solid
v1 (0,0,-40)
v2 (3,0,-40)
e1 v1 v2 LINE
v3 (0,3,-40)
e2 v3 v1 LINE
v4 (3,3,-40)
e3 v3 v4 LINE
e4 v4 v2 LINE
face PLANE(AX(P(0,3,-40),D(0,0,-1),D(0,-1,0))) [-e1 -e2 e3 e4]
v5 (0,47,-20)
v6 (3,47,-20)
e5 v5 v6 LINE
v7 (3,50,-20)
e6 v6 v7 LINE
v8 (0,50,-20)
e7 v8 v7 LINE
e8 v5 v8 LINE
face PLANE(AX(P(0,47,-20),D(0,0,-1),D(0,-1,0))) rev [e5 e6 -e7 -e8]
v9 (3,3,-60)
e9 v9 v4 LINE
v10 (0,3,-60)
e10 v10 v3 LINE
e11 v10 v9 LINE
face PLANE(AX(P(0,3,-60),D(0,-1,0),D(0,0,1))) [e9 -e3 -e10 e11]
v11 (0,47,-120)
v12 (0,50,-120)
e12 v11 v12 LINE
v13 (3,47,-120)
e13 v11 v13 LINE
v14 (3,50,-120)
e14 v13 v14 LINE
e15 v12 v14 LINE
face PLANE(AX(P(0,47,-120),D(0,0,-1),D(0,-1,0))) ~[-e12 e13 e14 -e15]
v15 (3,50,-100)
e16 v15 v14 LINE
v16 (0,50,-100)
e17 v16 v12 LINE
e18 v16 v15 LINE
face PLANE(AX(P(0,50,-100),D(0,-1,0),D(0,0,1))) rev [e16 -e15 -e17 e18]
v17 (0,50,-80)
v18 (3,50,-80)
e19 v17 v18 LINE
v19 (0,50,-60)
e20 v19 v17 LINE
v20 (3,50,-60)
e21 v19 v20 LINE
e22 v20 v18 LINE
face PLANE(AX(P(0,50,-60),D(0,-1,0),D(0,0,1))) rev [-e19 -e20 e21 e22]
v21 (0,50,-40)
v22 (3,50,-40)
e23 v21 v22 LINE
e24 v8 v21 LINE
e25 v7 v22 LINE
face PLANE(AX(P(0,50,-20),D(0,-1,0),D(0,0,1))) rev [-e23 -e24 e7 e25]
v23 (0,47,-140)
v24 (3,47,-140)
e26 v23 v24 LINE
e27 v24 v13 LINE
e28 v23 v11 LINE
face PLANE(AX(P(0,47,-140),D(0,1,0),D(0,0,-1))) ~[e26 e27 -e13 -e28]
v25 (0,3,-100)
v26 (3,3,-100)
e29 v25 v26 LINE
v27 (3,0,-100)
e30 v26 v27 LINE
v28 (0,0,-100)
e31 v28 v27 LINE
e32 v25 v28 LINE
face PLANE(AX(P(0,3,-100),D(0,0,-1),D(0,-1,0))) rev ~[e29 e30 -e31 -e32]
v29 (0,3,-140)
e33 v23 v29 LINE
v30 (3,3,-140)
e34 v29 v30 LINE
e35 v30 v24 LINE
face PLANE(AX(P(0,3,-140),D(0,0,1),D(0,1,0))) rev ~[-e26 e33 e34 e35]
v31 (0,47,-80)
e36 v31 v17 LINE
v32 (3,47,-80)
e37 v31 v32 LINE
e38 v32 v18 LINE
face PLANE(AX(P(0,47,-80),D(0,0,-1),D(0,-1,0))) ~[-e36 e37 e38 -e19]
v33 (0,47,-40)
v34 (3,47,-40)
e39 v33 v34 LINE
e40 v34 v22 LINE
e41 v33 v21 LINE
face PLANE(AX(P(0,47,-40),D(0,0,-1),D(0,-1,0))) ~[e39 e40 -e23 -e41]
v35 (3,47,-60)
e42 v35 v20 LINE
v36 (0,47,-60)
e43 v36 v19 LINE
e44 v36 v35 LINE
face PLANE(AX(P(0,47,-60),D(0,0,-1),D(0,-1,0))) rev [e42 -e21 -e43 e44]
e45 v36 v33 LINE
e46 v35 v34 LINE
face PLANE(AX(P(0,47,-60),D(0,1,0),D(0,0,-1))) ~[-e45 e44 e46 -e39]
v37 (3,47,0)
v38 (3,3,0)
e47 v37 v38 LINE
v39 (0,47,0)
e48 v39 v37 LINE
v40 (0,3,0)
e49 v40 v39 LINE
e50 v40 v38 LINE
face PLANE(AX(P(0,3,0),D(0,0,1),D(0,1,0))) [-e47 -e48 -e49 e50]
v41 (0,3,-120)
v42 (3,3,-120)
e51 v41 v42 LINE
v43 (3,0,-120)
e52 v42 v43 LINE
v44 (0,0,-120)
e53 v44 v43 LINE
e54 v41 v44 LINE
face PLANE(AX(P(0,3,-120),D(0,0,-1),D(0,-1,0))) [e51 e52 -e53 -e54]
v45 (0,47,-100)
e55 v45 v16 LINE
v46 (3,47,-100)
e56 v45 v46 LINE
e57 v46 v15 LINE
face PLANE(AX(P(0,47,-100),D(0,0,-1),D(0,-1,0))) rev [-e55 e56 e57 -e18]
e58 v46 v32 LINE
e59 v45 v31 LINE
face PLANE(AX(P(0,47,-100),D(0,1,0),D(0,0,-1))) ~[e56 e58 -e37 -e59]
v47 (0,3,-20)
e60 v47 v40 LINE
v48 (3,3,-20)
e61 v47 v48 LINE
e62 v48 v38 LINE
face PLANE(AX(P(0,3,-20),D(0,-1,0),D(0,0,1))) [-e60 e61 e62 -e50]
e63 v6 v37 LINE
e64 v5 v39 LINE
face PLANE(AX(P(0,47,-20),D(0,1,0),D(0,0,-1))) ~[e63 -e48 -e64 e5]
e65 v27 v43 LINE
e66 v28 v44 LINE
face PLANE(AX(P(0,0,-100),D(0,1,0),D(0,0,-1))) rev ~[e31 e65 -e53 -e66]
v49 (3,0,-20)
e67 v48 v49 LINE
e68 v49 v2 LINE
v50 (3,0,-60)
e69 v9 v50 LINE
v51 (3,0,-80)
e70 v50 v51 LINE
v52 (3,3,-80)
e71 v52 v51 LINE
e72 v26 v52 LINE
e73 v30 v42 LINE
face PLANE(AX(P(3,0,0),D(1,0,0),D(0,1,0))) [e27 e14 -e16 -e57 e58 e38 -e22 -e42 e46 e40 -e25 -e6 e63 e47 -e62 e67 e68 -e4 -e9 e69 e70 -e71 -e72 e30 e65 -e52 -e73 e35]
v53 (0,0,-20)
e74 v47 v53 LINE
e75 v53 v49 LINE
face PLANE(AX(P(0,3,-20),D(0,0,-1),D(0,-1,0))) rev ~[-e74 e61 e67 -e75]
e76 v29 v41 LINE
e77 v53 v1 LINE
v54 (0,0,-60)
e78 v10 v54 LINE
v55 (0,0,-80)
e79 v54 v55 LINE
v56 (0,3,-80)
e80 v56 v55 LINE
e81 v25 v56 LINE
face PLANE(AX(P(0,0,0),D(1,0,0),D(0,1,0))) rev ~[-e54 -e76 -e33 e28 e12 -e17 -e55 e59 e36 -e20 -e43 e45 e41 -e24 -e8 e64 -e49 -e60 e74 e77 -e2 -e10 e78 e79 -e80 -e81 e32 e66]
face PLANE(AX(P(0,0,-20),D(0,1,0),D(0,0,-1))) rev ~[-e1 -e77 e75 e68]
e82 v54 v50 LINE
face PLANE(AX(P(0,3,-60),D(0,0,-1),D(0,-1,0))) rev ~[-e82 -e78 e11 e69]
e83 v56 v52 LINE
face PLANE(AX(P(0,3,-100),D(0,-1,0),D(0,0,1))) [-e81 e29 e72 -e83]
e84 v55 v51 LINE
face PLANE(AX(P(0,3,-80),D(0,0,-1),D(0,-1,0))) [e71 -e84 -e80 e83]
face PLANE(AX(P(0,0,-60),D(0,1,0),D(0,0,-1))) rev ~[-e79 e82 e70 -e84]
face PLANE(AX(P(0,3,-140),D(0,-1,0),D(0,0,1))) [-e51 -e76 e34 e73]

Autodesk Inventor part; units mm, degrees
ref_plane "YZ Plane" through (0, 0, 0) normal (1, 0, 0) x (0, 1, 0)
ref_plane "XZ Plane" through (0, 0, 0) normal (0, 1, 0) x (-1, 0, 0)
ref_plane "XY Plane" through (0, 0, 0) normal (0, 0, 1) x (1, 0, 0)
sketch "Sketch1" plane through (0, 0, 0) normal (1, 0, 0) x (0, 1, 0)
  line L0 (0, 0) -> (0, -140)
  line L1 (0, -140) -> (3, -140)
  line L2 (3, -140) -> (3, -120)
  line L3 (3, -120) -> (3, -100)
  line L4 (3, -100) -> (3, -80)
  line L5 (3, -80) -> (3, -60)
  line L6 (3, -60) -> (3, -40)
  line L7 (3, -40) -> (3, -20)
  line L8 (3, -20) -> (3, 0)
  line L9 (0, 0) -> (3, 0)
  line L10 (3, -20) -> (-0.6185, -20)
  line L11 (3, -40) -> (0, -40)
  line L12 (3, -60) -> (0, -60)
  line L13 (3, -80) -> (0, -80)
  line L14 (3, -100) -> (0, -100)
  line L15 (3, -120) -> (0, -120)
  line L16 (0, 0) -> (25, 0)
  line L17 (25, 0) -> (0, 0)
  line L18 (0, 0) -> (0, -140)
  line L19 (0, -140) -> (25, -140)
  line L20 (25, -140) -> (25, 0)
  point P0 (0, -20)
  dimension "d1" = 140
  dimension "d2" = 3
  dimension "d3" = 20
  dimension "d4" = 20
  dimension "d5" = 20
  dimension "d6" = 20
  dimension "d7" = 20
  dimension "d8" = 20
  dimension "d9" = 20
  dimension "d10" = 25
extrude "Extrusion1" add sketch "Sketch1" along normal blind 3 contours L0 L10 L7 L11 | L12 L5 L13 L0 | L7 L8 L16 L20 L19 L2 L3 L4 L5 L6 | L14 L3 L15 L0
mirror "Mirror1" about plane through (0, 25, -140) normal (0, 1, 0) of "Extrusion1"
properties part number "voorkant"
